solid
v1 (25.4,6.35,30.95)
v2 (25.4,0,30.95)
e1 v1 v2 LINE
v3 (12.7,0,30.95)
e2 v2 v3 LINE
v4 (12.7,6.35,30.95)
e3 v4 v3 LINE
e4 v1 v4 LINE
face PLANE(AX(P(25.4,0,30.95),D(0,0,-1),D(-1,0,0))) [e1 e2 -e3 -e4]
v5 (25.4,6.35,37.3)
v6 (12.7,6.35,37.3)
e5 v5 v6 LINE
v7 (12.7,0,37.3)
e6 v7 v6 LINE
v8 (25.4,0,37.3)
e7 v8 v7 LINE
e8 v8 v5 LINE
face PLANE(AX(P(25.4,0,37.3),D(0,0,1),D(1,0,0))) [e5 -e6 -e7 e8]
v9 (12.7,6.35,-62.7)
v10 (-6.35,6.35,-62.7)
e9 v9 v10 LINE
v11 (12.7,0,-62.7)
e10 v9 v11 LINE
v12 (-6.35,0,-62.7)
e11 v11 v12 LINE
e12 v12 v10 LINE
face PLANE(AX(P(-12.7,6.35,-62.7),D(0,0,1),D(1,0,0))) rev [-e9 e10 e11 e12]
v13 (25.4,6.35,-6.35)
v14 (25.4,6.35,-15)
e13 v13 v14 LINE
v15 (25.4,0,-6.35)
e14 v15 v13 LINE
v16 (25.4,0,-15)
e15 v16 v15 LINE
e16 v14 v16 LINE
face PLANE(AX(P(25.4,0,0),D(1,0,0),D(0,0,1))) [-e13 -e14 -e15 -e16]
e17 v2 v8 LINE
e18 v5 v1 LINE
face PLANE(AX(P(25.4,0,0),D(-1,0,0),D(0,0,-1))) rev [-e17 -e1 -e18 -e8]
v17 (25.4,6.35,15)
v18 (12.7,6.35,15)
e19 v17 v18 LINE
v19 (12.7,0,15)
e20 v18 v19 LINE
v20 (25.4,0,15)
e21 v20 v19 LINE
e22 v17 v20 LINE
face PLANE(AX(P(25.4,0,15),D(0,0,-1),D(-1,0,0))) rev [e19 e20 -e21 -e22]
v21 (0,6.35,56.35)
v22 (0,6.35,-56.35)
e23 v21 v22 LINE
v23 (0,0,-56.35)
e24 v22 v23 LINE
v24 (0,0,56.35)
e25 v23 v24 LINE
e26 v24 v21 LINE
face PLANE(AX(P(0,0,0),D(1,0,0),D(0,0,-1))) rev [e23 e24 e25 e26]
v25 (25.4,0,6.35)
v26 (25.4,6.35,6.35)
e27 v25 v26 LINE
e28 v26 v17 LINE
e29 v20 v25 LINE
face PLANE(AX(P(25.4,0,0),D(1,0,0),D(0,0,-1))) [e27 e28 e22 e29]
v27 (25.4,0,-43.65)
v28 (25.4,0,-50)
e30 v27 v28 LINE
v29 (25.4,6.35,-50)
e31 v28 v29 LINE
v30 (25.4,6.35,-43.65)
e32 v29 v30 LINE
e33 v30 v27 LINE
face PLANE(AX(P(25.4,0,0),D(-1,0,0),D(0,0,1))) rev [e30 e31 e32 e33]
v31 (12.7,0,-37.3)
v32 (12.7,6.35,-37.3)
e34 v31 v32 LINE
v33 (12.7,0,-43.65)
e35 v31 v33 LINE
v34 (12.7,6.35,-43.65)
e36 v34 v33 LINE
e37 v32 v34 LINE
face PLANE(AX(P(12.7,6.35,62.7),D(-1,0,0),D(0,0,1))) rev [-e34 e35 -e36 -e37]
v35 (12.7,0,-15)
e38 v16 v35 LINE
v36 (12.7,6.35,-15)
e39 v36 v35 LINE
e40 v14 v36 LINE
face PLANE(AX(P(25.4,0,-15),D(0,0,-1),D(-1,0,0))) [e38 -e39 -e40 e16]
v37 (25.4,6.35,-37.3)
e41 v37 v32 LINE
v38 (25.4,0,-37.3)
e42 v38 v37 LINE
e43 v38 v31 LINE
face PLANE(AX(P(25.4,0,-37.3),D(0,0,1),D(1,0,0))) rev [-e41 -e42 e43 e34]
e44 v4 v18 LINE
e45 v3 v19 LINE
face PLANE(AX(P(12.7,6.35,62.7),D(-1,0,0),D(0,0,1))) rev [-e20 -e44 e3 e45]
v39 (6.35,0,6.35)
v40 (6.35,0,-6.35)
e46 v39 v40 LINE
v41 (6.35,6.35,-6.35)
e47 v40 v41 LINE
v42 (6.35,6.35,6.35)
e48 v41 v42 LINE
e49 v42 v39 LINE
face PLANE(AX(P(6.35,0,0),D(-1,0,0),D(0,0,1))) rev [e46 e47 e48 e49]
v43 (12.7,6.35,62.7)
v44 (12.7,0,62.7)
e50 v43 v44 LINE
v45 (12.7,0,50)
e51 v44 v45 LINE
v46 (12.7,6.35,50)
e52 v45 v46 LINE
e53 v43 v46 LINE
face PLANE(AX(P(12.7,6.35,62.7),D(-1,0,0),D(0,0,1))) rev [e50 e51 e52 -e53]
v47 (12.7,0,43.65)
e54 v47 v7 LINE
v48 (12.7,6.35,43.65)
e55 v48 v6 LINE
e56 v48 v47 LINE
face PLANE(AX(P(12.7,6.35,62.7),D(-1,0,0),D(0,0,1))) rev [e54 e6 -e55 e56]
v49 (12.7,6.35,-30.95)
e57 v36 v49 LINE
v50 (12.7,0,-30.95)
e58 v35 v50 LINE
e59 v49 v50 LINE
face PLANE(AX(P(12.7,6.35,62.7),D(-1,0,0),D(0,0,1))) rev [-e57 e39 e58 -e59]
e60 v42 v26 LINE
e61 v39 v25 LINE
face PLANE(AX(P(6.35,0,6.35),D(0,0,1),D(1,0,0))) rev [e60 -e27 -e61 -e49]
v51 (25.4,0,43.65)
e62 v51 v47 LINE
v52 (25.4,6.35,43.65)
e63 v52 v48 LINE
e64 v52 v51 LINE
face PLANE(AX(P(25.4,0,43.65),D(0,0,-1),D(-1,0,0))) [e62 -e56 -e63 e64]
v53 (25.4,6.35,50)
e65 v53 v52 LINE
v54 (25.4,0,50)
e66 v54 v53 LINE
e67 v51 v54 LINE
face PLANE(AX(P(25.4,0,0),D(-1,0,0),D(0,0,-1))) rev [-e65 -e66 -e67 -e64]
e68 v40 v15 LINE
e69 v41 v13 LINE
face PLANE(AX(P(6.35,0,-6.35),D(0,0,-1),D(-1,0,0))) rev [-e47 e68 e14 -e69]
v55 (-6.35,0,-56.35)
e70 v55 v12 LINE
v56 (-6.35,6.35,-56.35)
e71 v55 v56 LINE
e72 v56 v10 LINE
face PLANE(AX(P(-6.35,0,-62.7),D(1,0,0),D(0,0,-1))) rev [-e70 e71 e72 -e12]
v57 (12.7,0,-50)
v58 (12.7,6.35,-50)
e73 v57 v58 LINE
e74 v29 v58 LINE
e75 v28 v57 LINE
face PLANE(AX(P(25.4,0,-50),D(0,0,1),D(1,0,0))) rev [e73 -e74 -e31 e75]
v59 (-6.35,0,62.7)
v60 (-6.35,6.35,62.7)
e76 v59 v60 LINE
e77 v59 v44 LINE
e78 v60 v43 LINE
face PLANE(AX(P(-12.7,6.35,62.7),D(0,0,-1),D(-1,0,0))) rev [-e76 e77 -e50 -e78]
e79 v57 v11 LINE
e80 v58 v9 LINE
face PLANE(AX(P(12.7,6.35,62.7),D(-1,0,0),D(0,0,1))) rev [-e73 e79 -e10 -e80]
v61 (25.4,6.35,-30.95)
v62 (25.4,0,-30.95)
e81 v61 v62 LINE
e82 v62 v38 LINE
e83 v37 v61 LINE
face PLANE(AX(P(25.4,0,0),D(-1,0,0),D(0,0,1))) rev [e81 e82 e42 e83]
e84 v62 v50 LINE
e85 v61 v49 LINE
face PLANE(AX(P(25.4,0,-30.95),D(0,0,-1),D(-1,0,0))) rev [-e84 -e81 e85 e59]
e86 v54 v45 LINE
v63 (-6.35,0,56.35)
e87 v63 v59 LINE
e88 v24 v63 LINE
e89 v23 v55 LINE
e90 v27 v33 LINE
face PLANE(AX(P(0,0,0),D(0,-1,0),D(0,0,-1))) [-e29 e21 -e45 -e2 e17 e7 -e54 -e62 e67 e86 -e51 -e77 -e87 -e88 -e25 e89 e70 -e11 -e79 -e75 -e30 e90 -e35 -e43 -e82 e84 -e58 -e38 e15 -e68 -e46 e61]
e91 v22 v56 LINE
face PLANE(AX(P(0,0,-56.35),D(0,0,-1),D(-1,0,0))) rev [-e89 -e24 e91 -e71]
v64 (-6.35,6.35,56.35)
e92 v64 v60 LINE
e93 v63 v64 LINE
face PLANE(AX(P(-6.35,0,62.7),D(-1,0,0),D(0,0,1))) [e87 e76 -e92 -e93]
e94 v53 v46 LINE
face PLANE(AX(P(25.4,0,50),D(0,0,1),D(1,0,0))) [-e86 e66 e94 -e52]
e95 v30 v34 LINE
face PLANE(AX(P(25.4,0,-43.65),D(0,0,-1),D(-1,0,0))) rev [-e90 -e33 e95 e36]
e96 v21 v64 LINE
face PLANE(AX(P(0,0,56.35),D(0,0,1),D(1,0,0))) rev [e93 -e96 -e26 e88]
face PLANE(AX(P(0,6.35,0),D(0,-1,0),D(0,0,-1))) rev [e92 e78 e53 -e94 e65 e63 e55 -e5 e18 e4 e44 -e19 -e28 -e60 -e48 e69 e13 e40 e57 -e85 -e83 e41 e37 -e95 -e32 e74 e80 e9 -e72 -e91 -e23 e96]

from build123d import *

# Parameters (mm, degrees)
SKETCH1_W           = 25.4
SKETCH1_H           = 125.4
BOSS_EXTRUDE1_DEPTH = 6.35
SKETCH2_W           = 112.7
SKETCH2_H           = 6.35
CUT_EXTRUDE1_DEPTH  = 12.7
SKETCH3_W           = 12.7
SKETCH3_H           = 6.35
CUT_EXTRUDE2_DEPTH  = 6.35
SKETCH4_W           = 8.65
SKETCH4_H           = 6.35
BOSS_EXTRUDE2_DEPTH = 12.7
SKETCH5_W           = 6.35
SKETCH5_H           = 6.35
BOSS_EXTRUDE3_DEPTH = 12.7
SKETCH6_W           = 6.35
SKETCH6_H           = 6.35
BOSS_EXTRUDE4_DEPTH = 12.7
SKETCH10_W          = 6.35
SKETCH10_H          = 6.35
CUT_EXTRUDE3_DEPTH  = 7.35


with BuildPart() as part:
    # Sketch1 → Boss-Extrude1 (new body)
    with BuildSketch(Plane(origin=(0, 0, 0), x_dir=(1, 0, 0), z_dir=(0, 1, 0))):
        Rectangle(SKETCH1_W, SKETCH1_H)
    extrude(amount=BOSS_EXTRUDE1_DEPTH)

    # Sketch2 → Cut-Extrude1 (cut)
    with BuildSketch(Plane.ZY.offset(12.7)):
        with Locations((0, 3.175)):
            Rectangle(SKETCH2_W, SKETCH2_H)
    extrude(amount=-CUT_EXTRUDE1_DEPTH, mode=Mode.SUBTRACT)

    # Sketch3 → Cut-Extrude2 (cut)
    with BuildSketch(Plane(origin=(12.7, 0, 0), x_dir=(0, 0, -1), z_dir=(1, 0, 0))):
        with Locations((0, 3.175)):
            Rectangle(SKETCH3_W, SKETCH3_H)
    extrude(amount=-CUT_EXTRUDE2_DEPTH, mode=Mode.SUBTRACT)

    # Sketch4 → Boss-Extrude2 (add)
    with BuildSketch(Plane(origin=(12.7, 0, 0), x_dir=(0, 0, -1), z_dir=(1, 0, 0))):
        with Locations((-10.675, 3.175)):
            Rectangle(SKETCH4_W, SKETCH4_H)
    boss_extrude2 = extrude(amount=BOSS_EXTRUDE2_DEPTH)

    # Mirror1: Boss-Extrude2 across plane
    add(boss_extrude2.mirror(Plane.XY))

    # Sketch5 → Boss-Extrude3 (add)
    with BuildSketch(Plane(origin=(12.7, 0, 0), x_dir=(0, 0, -1), z_dir=(1, 0, 0))):
        with Locations((46.825, 3.175)):
            Rectangle(SKETCH5_W, SKETCH5_H)
    boss_extrude3 = extrude(amount=BOSS_EXTRUDE3_DEPTH)

    # Sketch6 → Boss-Extrude4 (add)
    with BuildSketch(Plane(origin=(12.7, 0, 0), x_dir=(0, 0, -1), z_dir=(1, 0, 0))):
        with Locations((34.125, 3.175)):
            Rectangle(SKETCH6_W, SKETCH6_H)
    boss_extrude4 = extrude(amount=BOSS_EXTRUDE4_DEPTH)

    # Mirror2: Boss-Extrude3, Boss-Extrude4 across plane
    add(boss_extrude3.mirror(Plane.XY))
    add(boss_extrude4.mirror(Plane.XY))

    # Sketch10 → Cut-Extrude3 (cut, through all)
    with BuildSketch(Plane(origin=(0, 6.35, 0), x_dir=(1, 0, 0), z_dir=(0, 1, 0))):
        with Locations((-9.525, 59.525)):
            Rectangle(SKETCH10_W, SKETCH10_H)
    cut_extrude3 = extrude(amount=-CUT_EXTRUDE3_DEPTH, mode=Mode.SUBTRACT)

    # Mirror3: Cut-Extrude3 across plane
    add(cut_extrude3.mirror(Plane.XY), mode=Mode.SUBTRACT)


solid = part.part
